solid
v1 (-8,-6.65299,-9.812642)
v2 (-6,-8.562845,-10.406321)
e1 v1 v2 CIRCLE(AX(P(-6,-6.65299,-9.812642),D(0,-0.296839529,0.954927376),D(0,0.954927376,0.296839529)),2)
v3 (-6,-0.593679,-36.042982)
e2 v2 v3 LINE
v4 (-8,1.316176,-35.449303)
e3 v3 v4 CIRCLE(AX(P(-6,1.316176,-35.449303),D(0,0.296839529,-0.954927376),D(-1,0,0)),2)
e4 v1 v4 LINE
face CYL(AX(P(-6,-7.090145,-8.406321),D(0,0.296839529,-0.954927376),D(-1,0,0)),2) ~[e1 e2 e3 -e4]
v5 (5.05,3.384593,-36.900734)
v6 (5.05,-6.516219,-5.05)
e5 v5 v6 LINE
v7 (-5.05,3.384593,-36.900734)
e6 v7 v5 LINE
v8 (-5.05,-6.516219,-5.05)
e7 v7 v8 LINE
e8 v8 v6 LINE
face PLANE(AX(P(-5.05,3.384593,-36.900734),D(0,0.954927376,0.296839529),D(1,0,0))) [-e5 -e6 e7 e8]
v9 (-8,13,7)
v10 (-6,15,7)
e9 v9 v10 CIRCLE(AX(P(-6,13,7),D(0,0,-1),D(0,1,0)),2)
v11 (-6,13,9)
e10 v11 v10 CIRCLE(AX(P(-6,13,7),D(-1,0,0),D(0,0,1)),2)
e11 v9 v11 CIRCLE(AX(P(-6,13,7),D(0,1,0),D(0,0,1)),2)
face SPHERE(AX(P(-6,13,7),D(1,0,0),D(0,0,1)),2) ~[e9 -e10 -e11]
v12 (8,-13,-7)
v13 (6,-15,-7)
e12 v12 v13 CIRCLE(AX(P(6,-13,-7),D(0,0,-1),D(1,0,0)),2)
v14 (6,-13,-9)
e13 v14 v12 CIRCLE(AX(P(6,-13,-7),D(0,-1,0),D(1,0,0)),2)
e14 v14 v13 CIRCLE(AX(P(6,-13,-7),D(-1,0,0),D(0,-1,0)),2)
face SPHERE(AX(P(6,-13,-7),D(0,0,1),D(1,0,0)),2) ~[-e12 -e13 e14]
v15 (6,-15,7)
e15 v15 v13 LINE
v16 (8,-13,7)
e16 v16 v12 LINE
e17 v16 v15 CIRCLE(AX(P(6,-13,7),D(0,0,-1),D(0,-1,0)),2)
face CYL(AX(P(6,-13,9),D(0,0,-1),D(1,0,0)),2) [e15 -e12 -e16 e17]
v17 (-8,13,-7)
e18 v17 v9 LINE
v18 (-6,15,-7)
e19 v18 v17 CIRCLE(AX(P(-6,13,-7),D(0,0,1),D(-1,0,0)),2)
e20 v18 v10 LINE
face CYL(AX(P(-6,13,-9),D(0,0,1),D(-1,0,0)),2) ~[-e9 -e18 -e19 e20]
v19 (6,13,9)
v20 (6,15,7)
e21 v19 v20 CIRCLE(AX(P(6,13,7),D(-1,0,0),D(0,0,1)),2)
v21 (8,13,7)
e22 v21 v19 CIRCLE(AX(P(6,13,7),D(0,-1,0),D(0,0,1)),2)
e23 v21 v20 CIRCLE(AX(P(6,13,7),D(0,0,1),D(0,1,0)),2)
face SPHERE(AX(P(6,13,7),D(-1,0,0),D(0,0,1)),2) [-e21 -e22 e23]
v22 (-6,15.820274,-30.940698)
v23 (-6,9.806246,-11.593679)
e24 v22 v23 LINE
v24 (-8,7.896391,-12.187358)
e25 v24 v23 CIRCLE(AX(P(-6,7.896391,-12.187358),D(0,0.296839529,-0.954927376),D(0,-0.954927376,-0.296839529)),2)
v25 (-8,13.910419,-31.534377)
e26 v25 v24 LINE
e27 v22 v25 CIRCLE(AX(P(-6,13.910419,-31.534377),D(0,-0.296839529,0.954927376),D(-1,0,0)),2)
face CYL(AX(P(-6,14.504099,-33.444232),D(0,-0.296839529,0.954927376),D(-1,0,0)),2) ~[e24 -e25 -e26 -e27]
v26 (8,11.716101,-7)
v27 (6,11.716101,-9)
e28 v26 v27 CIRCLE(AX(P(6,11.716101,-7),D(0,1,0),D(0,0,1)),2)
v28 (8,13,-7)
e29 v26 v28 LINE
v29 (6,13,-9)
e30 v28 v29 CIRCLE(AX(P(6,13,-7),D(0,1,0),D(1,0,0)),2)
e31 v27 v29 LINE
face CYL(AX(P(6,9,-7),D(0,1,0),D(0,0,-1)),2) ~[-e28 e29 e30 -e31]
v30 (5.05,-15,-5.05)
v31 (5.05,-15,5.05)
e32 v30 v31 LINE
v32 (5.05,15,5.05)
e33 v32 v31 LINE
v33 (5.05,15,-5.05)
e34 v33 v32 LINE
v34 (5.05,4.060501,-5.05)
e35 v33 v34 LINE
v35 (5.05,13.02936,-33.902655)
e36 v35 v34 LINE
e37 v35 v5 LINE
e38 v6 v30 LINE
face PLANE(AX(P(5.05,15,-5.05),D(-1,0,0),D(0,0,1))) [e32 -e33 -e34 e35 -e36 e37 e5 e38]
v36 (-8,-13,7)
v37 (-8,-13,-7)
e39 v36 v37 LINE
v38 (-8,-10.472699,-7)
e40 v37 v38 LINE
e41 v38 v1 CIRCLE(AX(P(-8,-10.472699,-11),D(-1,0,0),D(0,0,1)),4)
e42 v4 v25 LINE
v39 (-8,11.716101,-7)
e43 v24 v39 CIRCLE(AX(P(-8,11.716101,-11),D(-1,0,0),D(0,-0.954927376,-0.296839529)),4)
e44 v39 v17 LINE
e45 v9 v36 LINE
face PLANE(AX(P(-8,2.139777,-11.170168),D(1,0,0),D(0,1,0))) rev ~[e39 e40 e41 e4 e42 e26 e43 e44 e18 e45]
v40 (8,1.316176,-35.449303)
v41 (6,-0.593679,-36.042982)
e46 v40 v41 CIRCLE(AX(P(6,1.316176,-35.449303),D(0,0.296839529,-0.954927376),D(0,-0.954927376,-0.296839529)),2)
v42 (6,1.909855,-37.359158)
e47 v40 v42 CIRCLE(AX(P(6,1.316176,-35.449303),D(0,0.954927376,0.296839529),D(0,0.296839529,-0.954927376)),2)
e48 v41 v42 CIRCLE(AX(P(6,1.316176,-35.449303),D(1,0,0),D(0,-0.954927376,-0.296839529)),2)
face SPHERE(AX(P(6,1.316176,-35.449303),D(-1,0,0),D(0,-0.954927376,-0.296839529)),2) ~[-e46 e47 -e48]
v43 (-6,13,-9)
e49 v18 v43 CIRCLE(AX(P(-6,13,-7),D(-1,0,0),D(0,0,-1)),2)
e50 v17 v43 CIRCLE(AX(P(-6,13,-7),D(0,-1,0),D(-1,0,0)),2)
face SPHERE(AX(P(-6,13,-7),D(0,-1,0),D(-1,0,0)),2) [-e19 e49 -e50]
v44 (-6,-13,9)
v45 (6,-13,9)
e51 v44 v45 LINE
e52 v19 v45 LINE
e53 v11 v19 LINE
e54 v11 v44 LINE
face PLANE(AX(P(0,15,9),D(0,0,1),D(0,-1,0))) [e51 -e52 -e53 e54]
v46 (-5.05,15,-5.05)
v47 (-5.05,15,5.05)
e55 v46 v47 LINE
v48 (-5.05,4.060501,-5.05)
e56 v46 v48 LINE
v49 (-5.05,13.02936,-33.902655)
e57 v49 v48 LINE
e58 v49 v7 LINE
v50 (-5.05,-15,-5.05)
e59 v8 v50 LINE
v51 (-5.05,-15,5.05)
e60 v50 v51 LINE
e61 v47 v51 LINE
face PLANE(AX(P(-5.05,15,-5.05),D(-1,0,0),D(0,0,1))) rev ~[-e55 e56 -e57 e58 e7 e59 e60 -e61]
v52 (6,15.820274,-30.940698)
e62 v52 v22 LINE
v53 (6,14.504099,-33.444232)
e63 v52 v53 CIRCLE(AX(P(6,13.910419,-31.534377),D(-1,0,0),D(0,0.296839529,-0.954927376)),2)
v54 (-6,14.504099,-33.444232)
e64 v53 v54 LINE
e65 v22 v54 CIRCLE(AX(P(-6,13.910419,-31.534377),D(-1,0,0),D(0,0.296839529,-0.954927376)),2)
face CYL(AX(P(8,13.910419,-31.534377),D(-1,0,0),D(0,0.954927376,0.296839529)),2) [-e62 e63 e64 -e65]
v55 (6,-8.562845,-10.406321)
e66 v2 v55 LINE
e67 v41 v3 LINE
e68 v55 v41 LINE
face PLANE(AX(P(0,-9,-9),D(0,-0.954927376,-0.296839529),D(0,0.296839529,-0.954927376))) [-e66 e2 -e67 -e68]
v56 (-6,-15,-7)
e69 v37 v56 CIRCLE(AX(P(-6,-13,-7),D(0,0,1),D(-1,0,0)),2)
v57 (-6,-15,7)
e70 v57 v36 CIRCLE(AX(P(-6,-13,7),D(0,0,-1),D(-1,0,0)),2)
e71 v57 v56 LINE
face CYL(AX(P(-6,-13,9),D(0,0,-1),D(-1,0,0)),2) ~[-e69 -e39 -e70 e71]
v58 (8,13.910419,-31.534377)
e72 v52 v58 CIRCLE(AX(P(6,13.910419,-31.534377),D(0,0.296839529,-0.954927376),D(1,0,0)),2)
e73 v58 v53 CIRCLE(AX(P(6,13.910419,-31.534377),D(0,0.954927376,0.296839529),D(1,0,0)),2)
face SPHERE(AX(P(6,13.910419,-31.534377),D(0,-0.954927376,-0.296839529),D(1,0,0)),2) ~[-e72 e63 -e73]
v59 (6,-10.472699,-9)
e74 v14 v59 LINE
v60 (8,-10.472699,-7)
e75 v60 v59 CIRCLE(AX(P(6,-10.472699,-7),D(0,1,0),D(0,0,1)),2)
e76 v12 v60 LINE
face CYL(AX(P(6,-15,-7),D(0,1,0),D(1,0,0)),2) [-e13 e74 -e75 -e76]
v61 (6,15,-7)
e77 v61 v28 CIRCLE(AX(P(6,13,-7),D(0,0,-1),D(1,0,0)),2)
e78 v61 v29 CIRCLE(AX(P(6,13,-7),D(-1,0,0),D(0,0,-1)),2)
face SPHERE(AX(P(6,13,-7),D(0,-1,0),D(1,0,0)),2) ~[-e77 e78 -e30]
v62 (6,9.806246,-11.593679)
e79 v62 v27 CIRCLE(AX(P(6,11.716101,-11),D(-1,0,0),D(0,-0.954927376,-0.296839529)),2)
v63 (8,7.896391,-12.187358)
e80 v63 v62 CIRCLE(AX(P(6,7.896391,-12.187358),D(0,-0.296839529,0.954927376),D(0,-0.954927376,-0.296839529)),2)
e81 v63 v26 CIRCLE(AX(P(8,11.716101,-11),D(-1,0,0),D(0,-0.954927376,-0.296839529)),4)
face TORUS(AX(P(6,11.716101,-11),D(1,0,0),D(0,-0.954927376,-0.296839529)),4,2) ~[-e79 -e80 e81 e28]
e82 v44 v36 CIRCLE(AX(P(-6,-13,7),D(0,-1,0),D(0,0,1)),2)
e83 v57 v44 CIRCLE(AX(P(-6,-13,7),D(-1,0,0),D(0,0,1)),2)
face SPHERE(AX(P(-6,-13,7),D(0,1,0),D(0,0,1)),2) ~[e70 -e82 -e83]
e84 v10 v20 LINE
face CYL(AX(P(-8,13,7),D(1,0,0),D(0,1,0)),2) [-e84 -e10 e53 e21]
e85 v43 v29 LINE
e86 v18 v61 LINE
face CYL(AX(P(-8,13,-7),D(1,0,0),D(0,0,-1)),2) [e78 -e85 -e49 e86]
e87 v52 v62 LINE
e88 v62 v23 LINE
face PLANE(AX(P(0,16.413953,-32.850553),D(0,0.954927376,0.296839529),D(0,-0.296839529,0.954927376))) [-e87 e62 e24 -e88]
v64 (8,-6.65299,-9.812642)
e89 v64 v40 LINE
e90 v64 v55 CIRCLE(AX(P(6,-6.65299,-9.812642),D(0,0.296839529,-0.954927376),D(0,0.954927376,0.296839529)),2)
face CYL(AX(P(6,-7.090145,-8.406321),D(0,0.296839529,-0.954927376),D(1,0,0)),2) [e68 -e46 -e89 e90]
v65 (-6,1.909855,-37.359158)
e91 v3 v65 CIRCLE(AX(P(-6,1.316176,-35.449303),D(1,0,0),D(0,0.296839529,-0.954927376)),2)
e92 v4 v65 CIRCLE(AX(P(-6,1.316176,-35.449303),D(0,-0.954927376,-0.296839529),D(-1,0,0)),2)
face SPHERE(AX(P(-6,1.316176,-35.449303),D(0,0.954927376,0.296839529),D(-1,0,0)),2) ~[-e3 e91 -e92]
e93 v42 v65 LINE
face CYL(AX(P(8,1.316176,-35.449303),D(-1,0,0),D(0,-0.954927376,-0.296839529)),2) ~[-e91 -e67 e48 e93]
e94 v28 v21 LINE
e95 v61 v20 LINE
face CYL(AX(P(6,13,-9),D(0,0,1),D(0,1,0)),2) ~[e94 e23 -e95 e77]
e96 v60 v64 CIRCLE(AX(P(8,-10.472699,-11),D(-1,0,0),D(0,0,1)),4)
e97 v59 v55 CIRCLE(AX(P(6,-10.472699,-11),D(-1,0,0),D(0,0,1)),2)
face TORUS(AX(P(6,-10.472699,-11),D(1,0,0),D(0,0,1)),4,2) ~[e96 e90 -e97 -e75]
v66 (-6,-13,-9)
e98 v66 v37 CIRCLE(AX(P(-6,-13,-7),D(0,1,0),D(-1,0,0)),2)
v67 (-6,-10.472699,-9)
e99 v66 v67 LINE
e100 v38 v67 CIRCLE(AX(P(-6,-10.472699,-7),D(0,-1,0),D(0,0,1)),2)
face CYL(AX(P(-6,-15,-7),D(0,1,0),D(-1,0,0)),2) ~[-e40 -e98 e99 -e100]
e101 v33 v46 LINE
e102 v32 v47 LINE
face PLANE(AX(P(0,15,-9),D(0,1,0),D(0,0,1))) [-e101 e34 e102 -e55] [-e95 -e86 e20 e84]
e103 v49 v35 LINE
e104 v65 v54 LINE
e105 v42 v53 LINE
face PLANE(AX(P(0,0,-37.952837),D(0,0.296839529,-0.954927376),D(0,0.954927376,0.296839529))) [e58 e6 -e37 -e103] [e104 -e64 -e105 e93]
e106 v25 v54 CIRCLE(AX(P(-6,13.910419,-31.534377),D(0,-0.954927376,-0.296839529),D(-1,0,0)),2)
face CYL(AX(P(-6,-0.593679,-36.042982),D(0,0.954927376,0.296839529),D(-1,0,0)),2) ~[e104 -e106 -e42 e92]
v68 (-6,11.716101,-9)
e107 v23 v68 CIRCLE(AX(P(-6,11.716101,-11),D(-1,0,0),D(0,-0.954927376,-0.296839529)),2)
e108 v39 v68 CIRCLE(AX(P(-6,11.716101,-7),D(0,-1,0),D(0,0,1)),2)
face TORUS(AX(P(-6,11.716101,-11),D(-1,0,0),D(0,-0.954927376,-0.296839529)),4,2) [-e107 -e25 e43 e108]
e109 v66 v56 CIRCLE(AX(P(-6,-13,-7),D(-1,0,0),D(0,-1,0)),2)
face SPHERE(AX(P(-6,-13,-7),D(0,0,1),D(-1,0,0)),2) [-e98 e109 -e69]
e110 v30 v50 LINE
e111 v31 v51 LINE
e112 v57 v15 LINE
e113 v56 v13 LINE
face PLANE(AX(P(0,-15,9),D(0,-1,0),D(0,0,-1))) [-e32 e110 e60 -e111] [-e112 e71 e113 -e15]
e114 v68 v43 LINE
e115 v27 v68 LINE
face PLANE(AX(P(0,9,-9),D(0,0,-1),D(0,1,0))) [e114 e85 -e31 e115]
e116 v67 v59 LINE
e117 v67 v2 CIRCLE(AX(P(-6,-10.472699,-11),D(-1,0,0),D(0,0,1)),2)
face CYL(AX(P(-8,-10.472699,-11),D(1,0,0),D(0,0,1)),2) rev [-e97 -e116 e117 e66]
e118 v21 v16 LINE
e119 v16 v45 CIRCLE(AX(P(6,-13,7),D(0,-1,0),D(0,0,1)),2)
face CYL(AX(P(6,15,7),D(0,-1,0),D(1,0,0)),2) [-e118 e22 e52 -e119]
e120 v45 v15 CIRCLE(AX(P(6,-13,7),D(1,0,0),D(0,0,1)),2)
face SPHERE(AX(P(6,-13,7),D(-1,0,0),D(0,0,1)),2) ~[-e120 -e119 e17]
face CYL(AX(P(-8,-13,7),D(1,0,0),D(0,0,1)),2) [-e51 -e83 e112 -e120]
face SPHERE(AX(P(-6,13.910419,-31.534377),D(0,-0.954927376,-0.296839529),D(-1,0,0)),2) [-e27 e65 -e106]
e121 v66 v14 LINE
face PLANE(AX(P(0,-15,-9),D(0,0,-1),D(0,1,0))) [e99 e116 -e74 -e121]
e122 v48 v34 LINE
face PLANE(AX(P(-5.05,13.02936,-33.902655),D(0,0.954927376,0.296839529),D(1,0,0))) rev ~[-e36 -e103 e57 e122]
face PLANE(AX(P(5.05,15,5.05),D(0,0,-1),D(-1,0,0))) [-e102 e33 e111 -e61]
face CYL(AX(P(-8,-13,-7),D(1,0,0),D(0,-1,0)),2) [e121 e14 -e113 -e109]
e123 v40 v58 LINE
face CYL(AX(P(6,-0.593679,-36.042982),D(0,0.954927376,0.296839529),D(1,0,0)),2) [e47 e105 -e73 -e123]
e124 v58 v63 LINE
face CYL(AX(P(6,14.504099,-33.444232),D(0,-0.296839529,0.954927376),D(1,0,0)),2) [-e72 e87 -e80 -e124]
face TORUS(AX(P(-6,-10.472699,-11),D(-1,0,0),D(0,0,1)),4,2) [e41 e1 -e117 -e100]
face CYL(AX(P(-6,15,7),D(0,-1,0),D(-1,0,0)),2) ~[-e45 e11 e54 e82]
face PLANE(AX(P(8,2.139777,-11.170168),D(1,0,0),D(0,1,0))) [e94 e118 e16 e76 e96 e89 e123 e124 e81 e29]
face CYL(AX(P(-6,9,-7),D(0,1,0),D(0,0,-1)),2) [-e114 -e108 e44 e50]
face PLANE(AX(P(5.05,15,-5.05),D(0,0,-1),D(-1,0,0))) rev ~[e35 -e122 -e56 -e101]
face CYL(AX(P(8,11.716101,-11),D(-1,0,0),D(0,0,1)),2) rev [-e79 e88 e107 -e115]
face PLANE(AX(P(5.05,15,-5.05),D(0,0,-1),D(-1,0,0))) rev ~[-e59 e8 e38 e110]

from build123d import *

# Parameters (mm, degrees)
F1_DEPTH = 8
F2_W     = 10.1
F2_H     = 10.1
F3_DEPTH = 30
F4_W     = 10.1
F4_H     = 10.1
F5_DEPTH = 33.3550908792
F6_R     = 2


with BuildPart() as f1:
    # F0 (on Right) → F1 (new body, symmetric)
    with BuildSketch(Plane.YZ):
        Polygon((9, -9), (15, -9), (15, 9), (-15, 9), (-15, -9), (-9, -9), (0, -37.9528366029), (16.4139532903, -32.8505531328), align=None)
    extrude(amount=F1_DEPTH, both=True)

    # F2 (on face) → F3 (cut, through all)
    with BuildSketch(Plane(origin=(0, 15, 0), x_dir=(-1, 0, 0), z_dir=(0, 1, 0))):
        Rectangle(F2_W, F2_H)
    extrude(amount=-F3_DEPTH, mode=Mode.SUBTRACT)

    # F4 (on face) → F5 (cut, through all)
    with BuildSketch(Plane(origin=(0, 10.7581183802, -34.608671513), x_dir=(1, 0, 0), z_dir=(0, 0.2968395292, -0.9549273762))):
        with Locations((0, 2.6715557628)):
            Rectangle(F4_W, F4_H)
    extrude(amount=-F5_DEPTH, mode=Mode.SUBTRACT)

    # F6
    f6_edges = [f1.edges().sort_by_distance(p)[0] for p in [
        (0, 15, 9),
        (-8, 0, 9),
        (0, -15, 9),
        (8, 0, 9),
        (-8, 8.206977, -35.401695),
        (-8, 12.706977, -20.925277),
        (-8, 12, -9),
        (-8, 15, 0),
        (-8, -15, 0),
        (-8, -12, -9),
        (-8, -4.5, -23.476418),
        (0, 0, -37.952837),
        (8, -4.5, -23.476418),
        (0, -9, -9),
        (8, 8.206977, -35.401695),
        (8, 12.706977, -20.925277),
        (8, 12, -9),
        (8, 15, 0),
        (8, -15, 0),
        (8, -12, -9),
        (0, 16.413953, -32.850553),
        (0, 9, -9),
        (0, 15, -9),
        (0, -15, -9),
    ]]
    fillet(f6_edges, radius=F6_R)


solid = f1.part
